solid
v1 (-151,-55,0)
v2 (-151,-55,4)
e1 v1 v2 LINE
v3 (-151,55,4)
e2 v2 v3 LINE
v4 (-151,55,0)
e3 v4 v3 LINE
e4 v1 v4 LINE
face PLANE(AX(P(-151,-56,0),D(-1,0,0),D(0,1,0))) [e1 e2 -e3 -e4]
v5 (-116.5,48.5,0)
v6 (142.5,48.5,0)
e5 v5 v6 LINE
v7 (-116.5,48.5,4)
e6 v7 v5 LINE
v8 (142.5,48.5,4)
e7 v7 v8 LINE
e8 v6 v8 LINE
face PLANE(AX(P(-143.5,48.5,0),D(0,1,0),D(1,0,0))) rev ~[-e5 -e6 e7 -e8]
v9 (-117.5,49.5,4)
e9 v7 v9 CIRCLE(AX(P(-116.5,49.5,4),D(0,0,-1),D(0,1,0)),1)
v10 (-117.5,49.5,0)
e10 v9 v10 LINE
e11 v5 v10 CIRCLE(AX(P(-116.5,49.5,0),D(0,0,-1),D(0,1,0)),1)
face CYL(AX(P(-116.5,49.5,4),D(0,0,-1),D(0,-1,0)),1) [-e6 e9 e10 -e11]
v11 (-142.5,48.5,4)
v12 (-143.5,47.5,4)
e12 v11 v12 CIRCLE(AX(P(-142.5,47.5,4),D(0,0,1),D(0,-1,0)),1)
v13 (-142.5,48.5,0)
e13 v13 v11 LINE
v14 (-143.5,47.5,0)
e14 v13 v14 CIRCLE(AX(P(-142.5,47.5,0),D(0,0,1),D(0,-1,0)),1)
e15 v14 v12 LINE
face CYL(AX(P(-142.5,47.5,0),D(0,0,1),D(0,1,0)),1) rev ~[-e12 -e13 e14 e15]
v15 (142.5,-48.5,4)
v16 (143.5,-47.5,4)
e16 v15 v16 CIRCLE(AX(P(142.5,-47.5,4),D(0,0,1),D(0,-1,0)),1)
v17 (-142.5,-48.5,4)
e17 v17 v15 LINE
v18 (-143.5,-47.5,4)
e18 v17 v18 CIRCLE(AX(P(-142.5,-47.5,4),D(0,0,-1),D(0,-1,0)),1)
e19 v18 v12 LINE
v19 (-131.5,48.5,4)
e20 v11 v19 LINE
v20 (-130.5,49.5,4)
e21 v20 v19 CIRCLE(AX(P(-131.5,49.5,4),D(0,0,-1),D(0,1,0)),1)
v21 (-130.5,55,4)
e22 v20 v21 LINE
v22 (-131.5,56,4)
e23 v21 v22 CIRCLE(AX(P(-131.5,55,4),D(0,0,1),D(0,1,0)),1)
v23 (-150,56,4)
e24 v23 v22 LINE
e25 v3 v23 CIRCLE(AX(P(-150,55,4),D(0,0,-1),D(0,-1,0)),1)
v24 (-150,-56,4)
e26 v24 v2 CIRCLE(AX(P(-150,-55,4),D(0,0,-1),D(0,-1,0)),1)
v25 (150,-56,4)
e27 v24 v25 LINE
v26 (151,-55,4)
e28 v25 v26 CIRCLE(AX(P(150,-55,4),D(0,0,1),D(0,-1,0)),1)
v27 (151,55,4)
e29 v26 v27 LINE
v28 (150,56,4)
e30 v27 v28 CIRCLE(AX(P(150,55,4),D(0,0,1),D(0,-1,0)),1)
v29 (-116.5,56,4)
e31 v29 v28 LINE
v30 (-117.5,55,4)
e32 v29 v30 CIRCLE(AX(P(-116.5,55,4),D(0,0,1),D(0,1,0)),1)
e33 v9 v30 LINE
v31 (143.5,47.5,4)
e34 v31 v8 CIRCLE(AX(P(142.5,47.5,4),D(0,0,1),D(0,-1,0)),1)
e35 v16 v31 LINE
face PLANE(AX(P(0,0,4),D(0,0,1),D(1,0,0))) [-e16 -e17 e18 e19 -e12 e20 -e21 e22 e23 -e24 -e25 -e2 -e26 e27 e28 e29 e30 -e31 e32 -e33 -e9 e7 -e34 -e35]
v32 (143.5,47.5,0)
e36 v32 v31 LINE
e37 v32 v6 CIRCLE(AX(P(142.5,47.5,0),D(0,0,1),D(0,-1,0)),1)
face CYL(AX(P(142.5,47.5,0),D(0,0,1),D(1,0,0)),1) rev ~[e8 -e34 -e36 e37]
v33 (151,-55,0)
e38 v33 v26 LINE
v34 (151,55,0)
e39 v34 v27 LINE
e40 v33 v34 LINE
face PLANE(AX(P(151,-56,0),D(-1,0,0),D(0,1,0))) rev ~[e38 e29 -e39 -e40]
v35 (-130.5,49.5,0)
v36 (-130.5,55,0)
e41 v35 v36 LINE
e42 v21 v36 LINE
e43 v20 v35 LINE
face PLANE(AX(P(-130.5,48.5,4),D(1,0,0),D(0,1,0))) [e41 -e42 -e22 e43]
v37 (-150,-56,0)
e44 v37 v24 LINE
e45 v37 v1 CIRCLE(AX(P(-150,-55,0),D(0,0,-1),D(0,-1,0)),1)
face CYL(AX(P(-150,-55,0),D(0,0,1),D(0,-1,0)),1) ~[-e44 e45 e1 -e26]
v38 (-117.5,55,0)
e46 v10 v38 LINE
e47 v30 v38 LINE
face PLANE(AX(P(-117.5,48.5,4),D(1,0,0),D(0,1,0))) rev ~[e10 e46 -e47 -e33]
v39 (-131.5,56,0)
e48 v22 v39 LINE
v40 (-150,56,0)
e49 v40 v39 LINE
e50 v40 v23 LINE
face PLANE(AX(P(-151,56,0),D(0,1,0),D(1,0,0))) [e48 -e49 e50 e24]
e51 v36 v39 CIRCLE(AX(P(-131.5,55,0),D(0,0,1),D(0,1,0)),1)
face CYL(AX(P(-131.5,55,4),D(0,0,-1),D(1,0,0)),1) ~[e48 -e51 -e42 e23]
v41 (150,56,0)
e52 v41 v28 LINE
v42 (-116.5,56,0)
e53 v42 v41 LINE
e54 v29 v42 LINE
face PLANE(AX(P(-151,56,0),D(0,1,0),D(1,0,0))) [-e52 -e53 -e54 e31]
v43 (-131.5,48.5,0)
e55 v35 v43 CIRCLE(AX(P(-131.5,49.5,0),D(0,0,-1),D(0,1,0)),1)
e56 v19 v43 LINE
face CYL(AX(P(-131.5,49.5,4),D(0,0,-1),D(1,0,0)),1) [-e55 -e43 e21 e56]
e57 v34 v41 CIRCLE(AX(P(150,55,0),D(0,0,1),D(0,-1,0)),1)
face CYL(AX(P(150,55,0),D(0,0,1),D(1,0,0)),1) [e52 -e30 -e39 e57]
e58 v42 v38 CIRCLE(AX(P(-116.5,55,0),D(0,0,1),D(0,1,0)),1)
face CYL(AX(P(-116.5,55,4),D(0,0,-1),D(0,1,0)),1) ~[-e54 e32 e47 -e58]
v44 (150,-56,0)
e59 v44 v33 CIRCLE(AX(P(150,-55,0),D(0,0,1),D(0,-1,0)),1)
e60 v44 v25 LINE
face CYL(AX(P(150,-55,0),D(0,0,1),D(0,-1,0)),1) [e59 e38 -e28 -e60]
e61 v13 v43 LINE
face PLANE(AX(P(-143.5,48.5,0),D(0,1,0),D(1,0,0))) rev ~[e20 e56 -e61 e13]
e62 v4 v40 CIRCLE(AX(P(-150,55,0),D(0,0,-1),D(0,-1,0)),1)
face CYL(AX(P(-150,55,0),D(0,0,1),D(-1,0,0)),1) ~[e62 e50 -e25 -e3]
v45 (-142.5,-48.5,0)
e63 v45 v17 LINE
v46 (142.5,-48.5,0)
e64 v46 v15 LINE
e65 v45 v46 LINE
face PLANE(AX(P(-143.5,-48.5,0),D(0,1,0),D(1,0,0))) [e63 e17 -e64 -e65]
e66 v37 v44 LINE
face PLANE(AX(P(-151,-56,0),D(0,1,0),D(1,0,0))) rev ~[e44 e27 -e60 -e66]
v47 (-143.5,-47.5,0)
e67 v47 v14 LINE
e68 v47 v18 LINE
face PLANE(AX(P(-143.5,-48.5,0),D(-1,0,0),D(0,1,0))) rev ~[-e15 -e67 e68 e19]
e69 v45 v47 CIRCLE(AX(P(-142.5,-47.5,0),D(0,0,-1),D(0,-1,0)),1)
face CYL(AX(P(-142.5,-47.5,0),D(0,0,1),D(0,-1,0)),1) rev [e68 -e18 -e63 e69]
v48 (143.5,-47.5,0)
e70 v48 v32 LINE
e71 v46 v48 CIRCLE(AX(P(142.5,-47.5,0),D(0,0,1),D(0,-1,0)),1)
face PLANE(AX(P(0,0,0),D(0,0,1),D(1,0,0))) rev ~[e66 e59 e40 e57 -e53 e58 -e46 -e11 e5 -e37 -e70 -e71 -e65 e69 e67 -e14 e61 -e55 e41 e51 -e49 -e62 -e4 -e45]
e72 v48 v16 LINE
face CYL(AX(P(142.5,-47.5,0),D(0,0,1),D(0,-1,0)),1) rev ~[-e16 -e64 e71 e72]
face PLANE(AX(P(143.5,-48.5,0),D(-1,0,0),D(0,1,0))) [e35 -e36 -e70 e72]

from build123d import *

# Parameters (mm, degrees)
SKETCH_W     = 302
SKETCH_H     = 112
SKETCH_W_2   = 287
SKETCH_H_2   = 97
PAD_DEPTH    = 4
SKETCH001_W  = 13
SKETCH001_H  = 7.5
POCKET_DEPTH = 4
FILLET_R     = 1
FILLET001_R  = 1
FILLET002_R  = 1
FILLET003_R  = 1
FILLET004_R  = 1
FILLET005_R  = 1
FILLET006_R  = 1
FILLET007_R  = 1
FILLET008_R  = 1
FILLET009_R  = 1
FILLET010_R  = 1
FILLET011_R  = 1


with BuildPart() as part:
    # Sketch → Pad (new body)
    with BuildSketch(Plane.XY):
        Rectangle(SKETCH_W, SKETCH_H)
        Rectangle(SKETCH_W_2, SKETCH_H_2, mode=Mode.SUBTRACT)
    extrude(amount=PAD_DEPTH)

    # Sketch001 (on Face10 of Pad) → Pocket (cut)
    with BuildSketch(Plane.XY.offset(4)):
        with Locations((-124, 52.25)):
            Rectangle(SKETCH001_W, SKETCH001_H)
    extrude(amount=-POCKET_DEPTH, mode=Mode.SUBTRACT)

    # Fillet
    fillet_edges = [part.edges().sort_by_distance(p)[0] for p in [
        (-130.5, 48.5, 2),
    ]]
    fillet(fillet_edges, radius=FILLET_R)

    # Fillet001
    fillet001_edges = [part.edges().sort_by_distance(p)[0] for p in [
        (-143.5, 48.5, 2),
    ]]
    fillet(fillet001_edges, radius=FILLET001_R)

    # Fillet002
    fillet002_edges = [part.edges().sort_by_distance(p)[0] for p in [
        (-117.5, 48.5, 2),
    ]]
    fillet(fillet002_edges, radius=FILLET002_R)

    # Fillet003
    fillet003_edges = [part.edges().sort_by_distance(p)[0] for p in [
        (-151, -56, 2),
    ]]
    fillet(fillet003_edges, radius=FILLET003_R)

    # Fillet004
    fillet004_edges = [part.edges().sort_by_distance(p)[0] for p in [
        (151, -56, 2),
    ]]
    fillet(fillet004_edges, radius=FILLET004_R)

    # Fillet005
    fillet005_edges = [part.edges().sort_by_distance(p)[0] for p in [
        (151, 56, 2),
    ]]
    fillet(fillet005_edges, radius=FILLET005_R)

    # Fillet006
    fillet006_edges = [part.edges().sort_by_distance(p)[0] for p in [
        (-117.5, 56, 2),
    ]]
    fillet(fillet006_edges, radius=FILLET006_R)

    # Fillet007
    fillet007_edges = [part.edges().sort_by_distance(p)[0] for p in [
        (-151, 56, 2),
    ]]
    fillet(fillet007_edges, radius=FILLET007_R)

    # Fillet008
    fillet008_edges = [part.edges().sort_by_distance(p)[0] for p in [
        (143.5, -48.5, 2),
    ]]
    fillet(fillet008_edges, radius=FILLET008_R)

    # Fillet009
    fillet009_edges = [part.edges().sort_by_distance(p)[0] for p in [
        (-143.5, -48.5, 2),
    ]]
    fillet(fillet009_edges, radius=FILLET009_R)

    # Fillet010
    fillet010_edges = [part.edges().sort_by_distance(p)[0] for p in [
        (143.5, 48.5, 2),
    ]]
    fillet(fillet010_edges, radius=FILLET010_R)

    # Fillet011
    fillet011_edges = [part.edges().sort_by_distance(p)[0] for p in [
        (-130.5, 56, 2),
    ]]
    fillet(fillet011_edges, radius=FILLET011_R)


solid = part.part
